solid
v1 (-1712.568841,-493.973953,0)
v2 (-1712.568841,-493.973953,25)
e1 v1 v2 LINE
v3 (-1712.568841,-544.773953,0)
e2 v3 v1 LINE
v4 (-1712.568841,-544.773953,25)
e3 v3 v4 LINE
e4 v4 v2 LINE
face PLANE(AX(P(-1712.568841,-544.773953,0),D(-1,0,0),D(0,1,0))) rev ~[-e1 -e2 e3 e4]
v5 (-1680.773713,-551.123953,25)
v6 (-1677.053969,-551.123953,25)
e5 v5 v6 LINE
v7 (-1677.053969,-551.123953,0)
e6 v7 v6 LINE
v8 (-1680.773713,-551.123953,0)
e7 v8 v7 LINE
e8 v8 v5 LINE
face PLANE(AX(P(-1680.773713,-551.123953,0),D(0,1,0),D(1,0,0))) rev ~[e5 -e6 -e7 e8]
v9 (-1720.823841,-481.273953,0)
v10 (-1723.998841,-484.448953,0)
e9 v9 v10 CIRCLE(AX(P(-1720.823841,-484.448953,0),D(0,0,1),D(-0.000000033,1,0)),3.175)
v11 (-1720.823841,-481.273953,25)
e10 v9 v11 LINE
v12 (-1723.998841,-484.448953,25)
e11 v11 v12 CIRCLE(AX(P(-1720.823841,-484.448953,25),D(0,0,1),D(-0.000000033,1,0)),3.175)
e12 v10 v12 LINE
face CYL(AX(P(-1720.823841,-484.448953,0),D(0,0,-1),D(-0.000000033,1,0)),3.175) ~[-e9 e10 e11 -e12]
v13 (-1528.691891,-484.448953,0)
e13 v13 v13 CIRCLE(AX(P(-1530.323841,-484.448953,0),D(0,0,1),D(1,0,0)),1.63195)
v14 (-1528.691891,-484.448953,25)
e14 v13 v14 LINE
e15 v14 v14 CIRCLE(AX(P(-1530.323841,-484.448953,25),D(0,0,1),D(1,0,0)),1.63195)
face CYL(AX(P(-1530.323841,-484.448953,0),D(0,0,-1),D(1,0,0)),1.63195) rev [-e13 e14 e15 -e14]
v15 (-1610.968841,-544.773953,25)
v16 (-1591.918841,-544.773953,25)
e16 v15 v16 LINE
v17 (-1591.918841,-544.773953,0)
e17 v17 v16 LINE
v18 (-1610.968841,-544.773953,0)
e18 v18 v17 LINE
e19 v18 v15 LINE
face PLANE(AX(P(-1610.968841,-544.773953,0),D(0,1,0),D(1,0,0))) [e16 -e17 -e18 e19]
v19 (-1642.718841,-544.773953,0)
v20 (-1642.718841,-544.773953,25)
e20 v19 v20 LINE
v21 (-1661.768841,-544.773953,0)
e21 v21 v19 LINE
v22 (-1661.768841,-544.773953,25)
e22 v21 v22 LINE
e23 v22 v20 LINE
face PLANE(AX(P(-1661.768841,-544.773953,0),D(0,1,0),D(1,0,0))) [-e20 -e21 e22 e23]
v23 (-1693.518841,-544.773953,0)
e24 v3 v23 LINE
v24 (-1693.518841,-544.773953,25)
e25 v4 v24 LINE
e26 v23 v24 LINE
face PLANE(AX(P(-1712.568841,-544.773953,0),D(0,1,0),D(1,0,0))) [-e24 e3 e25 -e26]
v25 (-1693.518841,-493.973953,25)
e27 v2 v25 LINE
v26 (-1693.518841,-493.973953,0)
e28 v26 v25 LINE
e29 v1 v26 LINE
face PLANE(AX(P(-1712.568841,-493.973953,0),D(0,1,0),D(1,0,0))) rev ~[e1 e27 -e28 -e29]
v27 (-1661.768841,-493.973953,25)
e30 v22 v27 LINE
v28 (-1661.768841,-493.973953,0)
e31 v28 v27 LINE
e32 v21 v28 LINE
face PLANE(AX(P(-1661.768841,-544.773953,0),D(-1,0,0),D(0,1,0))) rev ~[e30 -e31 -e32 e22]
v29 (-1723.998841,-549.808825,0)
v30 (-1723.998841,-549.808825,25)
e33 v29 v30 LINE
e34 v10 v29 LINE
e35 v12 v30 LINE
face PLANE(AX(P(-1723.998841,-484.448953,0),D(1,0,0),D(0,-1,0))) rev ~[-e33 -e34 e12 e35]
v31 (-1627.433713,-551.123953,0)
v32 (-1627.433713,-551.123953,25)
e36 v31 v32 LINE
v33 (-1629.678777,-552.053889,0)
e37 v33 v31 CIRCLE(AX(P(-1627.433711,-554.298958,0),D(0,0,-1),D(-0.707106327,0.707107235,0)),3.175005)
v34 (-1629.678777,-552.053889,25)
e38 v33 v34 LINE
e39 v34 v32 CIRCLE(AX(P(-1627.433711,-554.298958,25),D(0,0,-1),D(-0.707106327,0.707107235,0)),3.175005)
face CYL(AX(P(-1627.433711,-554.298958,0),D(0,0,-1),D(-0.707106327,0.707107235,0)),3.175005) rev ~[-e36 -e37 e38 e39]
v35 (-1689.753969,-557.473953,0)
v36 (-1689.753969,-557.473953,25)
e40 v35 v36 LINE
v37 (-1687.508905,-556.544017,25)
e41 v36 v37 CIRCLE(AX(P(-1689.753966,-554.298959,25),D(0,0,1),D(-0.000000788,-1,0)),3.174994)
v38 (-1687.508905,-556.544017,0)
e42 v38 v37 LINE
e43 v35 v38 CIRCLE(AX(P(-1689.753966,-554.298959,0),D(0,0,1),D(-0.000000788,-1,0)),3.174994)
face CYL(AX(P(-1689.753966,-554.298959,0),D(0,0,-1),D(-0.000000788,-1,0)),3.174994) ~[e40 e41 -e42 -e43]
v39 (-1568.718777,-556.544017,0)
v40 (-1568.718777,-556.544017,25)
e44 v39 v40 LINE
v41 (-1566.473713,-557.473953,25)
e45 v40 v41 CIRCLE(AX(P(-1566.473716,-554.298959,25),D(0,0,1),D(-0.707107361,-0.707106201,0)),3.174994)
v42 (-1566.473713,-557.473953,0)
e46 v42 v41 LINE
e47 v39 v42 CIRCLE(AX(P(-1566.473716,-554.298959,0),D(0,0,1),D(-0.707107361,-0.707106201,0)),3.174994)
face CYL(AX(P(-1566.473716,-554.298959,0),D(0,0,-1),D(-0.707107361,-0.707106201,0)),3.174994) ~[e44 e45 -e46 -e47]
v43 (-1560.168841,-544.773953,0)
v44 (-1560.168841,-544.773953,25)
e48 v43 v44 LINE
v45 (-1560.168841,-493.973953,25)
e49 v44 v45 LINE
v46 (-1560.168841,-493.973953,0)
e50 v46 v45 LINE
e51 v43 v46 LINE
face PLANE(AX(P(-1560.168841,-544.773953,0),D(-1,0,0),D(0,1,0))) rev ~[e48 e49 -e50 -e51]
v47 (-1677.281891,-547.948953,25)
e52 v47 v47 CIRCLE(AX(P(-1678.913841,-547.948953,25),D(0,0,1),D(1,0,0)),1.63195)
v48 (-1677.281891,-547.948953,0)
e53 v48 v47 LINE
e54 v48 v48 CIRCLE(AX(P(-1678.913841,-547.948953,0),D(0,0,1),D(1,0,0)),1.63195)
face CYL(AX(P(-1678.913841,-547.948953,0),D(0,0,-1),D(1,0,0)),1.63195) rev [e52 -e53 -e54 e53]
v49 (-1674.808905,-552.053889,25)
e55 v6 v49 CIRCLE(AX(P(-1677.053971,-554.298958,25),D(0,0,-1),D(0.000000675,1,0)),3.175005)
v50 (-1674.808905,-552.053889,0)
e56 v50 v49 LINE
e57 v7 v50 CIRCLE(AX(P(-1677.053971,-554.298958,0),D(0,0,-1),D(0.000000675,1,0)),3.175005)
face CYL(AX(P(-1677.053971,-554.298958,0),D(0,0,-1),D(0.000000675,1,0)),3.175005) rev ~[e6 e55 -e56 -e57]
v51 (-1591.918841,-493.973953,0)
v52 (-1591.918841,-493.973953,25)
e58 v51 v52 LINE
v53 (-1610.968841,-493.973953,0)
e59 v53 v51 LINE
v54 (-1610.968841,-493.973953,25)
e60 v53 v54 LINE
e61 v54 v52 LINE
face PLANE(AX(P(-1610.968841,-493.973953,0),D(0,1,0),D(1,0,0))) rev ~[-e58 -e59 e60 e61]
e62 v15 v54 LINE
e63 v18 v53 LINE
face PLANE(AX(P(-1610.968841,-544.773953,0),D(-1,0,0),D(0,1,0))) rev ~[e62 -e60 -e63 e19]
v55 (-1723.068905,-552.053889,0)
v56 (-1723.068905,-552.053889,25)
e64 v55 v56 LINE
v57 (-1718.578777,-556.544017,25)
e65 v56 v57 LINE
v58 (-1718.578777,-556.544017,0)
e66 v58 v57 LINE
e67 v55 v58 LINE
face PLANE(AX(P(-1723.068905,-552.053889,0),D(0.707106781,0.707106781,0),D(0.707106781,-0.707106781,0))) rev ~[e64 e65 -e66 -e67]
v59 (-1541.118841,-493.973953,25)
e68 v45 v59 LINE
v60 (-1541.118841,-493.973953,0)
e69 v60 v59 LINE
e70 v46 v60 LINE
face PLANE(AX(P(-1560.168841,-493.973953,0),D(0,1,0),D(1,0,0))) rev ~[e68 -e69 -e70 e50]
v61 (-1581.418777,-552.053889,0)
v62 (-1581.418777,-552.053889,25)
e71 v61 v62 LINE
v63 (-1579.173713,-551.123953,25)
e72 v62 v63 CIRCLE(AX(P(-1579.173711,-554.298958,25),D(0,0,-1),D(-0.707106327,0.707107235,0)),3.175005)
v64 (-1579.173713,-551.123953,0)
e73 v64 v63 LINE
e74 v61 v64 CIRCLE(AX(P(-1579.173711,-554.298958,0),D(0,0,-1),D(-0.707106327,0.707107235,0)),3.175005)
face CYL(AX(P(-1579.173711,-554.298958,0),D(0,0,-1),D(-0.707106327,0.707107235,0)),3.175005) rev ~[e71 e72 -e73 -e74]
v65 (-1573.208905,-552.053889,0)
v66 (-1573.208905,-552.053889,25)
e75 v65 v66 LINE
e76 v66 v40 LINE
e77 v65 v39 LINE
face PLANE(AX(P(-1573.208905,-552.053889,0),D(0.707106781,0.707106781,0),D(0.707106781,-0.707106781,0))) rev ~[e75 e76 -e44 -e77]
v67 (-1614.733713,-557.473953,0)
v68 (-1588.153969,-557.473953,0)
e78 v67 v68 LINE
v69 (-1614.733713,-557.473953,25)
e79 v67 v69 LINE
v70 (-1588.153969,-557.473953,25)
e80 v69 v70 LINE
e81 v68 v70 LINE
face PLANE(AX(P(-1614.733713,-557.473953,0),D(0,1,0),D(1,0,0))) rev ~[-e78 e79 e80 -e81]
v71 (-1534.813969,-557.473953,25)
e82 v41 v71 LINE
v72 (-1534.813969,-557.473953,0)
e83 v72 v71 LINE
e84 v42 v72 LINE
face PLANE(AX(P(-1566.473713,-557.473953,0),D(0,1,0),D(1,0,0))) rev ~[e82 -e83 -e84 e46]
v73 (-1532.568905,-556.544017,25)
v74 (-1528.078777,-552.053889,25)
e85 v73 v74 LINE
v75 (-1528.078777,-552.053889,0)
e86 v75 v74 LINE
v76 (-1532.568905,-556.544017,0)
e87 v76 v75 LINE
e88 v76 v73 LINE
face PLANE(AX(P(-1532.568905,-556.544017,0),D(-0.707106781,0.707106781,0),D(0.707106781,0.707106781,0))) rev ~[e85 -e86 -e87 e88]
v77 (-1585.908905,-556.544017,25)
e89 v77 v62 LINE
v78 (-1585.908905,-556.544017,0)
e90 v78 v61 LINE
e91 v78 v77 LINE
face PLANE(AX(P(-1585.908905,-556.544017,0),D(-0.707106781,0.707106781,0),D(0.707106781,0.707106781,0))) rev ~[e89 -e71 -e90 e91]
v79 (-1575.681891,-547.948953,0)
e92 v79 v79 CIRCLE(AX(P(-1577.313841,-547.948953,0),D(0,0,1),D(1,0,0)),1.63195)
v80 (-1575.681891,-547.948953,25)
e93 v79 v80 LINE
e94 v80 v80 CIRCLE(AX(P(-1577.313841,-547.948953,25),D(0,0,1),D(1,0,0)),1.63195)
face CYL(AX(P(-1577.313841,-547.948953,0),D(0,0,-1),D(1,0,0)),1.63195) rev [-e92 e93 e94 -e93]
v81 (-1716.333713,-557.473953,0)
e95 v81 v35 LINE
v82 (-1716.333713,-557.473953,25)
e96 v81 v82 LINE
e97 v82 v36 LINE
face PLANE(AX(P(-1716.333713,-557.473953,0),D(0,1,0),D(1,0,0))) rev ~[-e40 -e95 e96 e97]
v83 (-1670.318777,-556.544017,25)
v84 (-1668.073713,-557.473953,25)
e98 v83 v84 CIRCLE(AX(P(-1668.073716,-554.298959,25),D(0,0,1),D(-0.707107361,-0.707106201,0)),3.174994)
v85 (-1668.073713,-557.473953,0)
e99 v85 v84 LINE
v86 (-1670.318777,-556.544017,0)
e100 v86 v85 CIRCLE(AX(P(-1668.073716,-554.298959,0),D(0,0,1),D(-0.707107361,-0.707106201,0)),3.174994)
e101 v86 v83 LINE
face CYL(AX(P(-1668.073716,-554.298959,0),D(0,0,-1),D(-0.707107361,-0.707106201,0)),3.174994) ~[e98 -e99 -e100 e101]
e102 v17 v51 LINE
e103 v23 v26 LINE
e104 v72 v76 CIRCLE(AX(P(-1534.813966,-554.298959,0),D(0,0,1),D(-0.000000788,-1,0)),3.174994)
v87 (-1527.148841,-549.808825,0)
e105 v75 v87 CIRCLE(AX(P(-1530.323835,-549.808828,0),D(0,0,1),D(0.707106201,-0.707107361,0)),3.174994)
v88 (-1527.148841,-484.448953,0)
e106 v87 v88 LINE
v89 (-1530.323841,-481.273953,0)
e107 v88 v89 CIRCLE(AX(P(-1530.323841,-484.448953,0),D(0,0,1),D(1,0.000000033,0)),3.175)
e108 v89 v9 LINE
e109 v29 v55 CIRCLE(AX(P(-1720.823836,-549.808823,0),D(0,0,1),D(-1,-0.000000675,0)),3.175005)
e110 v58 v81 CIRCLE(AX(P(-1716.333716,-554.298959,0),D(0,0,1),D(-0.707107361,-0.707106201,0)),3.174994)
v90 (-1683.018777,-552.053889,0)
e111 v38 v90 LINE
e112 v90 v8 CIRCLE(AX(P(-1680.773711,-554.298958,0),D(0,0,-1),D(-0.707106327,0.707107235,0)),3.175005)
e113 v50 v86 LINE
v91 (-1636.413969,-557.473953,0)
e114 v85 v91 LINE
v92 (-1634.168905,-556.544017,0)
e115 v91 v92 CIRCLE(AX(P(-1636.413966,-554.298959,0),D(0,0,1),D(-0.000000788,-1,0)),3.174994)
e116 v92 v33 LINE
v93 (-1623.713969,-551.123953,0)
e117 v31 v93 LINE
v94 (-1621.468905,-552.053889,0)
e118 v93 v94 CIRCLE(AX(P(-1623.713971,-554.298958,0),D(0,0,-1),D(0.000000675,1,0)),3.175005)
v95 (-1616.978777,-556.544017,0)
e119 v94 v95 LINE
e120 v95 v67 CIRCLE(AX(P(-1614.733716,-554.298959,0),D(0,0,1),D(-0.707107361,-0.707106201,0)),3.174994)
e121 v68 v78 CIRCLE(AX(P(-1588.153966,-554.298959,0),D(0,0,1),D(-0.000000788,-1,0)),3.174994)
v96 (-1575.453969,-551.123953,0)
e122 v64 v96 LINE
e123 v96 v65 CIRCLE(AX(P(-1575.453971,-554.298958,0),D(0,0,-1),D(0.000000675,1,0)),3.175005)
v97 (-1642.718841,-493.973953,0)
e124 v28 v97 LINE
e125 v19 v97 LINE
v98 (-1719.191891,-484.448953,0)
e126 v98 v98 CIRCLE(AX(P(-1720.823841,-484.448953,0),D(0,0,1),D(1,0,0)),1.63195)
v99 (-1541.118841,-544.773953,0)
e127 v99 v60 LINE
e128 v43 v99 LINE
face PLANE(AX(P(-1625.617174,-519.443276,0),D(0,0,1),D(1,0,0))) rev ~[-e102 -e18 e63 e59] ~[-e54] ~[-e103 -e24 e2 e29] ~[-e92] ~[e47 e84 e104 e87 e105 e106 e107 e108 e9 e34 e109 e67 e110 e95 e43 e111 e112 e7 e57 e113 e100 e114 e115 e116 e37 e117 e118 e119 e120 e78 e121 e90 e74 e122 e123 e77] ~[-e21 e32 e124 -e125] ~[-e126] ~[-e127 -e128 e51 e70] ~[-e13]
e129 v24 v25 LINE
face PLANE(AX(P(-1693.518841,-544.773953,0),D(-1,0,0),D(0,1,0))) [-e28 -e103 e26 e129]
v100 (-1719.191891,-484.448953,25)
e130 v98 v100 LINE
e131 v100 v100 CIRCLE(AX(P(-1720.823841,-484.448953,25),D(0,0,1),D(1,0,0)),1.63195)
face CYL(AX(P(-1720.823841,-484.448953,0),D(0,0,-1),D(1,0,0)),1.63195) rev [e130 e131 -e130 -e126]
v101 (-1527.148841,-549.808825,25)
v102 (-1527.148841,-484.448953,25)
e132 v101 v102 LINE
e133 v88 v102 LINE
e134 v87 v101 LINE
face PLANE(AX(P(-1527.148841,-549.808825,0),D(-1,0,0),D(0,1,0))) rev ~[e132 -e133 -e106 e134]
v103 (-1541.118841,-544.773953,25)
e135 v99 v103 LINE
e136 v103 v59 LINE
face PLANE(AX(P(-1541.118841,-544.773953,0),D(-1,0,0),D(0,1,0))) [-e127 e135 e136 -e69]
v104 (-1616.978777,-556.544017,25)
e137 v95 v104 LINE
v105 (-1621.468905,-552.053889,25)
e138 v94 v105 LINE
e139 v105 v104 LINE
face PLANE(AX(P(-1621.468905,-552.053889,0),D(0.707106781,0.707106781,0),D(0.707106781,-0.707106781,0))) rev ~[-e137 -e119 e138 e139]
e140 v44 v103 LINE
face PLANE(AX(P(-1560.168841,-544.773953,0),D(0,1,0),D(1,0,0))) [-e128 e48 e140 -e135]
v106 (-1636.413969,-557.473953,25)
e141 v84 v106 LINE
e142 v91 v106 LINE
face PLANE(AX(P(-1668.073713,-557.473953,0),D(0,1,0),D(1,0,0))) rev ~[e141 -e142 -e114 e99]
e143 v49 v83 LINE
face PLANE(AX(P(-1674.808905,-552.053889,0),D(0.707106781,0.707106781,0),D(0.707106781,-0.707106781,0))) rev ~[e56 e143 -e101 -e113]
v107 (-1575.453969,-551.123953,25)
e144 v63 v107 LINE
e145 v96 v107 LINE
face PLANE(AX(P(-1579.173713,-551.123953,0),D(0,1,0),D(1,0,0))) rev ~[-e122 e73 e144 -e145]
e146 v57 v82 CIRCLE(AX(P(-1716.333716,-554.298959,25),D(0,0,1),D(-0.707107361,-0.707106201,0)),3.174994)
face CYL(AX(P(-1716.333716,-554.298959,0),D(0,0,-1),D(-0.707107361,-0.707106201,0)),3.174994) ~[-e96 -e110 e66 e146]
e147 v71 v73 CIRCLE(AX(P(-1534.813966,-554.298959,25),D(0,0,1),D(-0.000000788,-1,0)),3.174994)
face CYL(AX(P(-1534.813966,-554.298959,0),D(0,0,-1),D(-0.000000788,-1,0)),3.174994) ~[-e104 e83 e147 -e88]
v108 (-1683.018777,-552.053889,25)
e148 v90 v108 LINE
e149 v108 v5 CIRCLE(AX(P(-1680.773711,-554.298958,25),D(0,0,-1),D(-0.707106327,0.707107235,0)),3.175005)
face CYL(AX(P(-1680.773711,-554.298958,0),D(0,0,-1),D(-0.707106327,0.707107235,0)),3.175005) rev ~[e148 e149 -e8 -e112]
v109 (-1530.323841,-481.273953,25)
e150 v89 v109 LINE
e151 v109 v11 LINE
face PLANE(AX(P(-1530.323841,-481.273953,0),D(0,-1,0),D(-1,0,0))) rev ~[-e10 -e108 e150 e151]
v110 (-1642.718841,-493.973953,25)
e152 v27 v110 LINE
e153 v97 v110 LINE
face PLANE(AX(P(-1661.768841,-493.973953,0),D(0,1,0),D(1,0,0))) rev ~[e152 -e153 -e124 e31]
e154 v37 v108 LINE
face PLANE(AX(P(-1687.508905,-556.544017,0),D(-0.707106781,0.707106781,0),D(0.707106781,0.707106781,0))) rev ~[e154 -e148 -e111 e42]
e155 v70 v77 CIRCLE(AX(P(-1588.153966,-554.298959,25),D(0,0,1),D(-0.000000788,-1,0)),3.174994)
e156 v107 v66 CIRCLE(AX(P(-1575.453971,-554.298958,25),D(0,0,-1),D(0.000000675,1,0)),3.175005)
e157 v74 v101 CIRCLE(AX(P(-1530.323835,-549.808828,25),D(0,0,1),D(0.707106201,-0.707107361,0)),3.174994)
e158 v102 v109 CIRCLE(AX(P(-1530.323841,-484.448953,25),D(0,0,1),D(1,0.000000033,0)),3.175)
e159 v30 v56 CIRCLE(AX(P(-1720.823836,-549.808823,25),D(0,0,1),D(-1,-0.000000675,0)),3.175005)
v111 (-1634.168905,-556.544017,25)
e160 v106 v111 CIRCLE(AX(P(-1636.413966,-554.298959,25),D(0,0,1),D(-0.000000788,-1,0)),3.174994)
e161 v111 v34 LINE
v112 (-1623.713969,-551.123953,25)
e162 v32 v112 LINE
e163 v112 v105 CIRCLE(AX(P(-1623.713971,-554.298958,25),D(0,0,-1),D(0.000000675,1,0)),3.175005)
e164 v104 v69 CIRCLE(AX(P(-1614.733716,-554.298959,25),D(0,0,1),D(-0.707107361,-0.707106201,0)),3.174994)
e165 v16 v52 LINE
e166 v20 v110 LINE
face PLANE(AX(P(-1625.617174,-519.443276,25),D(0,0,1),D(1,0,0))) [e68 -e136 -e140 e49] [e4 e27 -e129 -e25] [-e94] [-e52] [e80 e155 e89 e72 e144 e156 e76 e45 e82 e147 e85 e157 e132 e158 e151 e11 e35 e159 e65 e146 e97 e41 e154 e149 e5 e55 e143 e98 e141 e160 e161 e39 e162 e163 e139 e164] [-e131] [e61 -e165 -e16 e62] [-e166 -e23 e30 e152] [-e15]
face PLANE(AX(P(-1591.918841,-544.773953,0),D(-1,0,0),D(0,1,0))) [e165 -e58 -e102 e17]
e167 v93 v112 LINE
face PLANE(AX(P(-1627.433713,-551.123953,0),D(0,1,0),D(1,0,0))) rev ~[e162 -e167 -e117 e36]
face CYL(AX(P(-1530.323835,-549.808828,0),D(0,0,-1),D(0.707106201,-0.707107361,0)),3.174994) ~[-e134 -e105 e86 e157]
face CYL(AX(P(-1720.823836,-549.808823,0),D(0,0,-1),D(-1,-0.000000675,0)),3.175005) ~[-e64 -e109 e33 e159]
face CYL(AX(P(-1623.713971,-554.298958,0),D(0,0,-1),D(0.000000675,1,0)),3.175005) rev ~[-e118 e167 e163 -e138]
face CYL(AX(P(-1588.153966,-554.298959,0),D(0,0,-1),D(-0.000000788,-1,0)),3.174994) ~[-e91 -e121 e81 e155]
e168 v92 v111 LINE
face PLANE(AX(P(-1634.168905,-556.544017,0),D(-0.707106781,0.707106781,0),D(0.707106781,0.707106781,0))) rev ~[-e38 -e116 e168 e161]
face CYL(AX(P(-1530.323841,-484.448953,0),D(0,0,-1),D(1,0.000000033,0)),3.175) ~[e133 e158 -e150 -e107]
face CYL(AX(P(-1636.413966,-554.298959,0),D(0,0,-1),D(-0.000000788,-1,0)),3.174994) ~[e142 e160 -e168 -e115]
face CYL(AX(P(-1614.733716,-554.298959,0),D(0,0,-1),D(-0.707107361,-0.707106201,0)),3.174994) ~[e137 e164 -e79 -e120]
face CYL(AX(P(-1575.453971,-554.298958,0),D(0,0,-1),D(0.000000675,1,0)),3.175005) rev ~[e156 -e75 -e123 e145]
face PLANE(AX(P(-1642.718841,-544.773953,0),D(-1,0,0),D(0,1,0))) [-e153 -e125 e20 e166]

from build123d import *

# Parameters (mm, degrees)
F0_R     = 1.63195
F0_W     = 19.05
F0_H     = 50.8
F1_DEPTH = 25


with BuildPart() as f1:
    # F0 (on Top) → F1 (new body)
    with BuildSketch(Plane.XY):
        with BuildLine():
            ThreePointArc((-1670.318777, -556.544017), (-1669.288733, -557.232271), (-1668.073713, -557.473953))
            Line((-1668.073713, -557.473953), (-1636.413969, -557.473953))
            ThreePointArc((-1636.413969, -557.473953), (-1635.198949, -557.232271), (-1634.168905, -556.544017))
            Line((-1634.168905, -556.544017), (-1629.678777, -552.053889))
            ThreePointArc((-1629.678777, -552.053889), (-1628.648733, -551.365636), (-1627.433713, -551.123953))
            Line((-1627.433713, -551.123953), (-1623.713969, -551.123953))
            ThreePointArc((-1623.713969, -551.123953), (-1622.498949, -551.365636), (-1621.468905, -552.053889))
            Line((-1621.468905, -552.053889), (-1616.978777, -556.544017))
            ThreePointArc((-1616.978777, -556.544017), (-1615.948733, -557.232271), (-1614.733713, -557.473953))
            Line((-1614.733713, -557.473953), (-1588.153969, -557.473953))
            ThreePointArc((-1588.153969, -557.473953), (-1586.938949, -557.232271), (-1585.908905, -556.544017))
            Line((-1585.908905, -556.544017), (-1581.418777, -552.053889))
            ThreePointArc((-1581.418777, -552.053889), (-1580.388733, -551.365636), (-1579.173713, -551.123953))
            Line((-1579.173713, -551.123953), (-1575.453969, -551.123953))
            ThreePointArc((-1575.453969, -551.123953), (-1574.238949, -551.365636), (-1573.208905, -552.053889))
            Line((-1573.208905, -552.053889), (-1568.718777, -556.544017))
            ThreePointArc((-1568.718777, -556.544017), (-1567.688733, -557.232271), (-1566.473713, -557.473953))
            Line((-1566.473713, -557.473953), (-1534.813969, -557.473953))
            ThreePointArc((-1534.813969, -557.473953), (-1533.598949, -557.232271), (-1532.568905, -556.544017))
            Line((-1532.568905, -556.544017), (-1528.078777, -552.053889))
            ThreePointArc((-1528.078777, -552.053889), (-1527.390523, -551.023845), (-1527.148841, -549.808825))
            Line((-1527.148841, -549.808825), (-1527.148841, -484.448953))
            ThreePointArc((-1527.148841, -484.448953), (-1528.078777, -482.203889), (-1530.323841, -481.273953))
            Line((-1530.323841, -481.273953), (-1720.823841, -481.273953))
            ThreePointArc((-1720.823841, -481.273953), (-1723.068905, -482.203889), (-1723.998841, -484.448953))
            Line((-1723.998841, -484.448953), (-1723.998841, -549.808825))
            ThreePointArc((-1723.998841, -549.808825), (-1723.757158, -551.023845), (-1723.068905, -552.053889))
            Line((-1723.068905, -552.053889), (-1718.578777, -556.544017))
            ThreePointArc((-1718.578777, -556.544017), (-1717.548733, -557.232271), (-1716.333713, -557.473953))
            Line((-1716.333713, -557.473953), (-1689.753969, -557.473953))
            ThreePointArc((-1689.753969, -557.473953), (-1688.538949, -557.232271), (-1687.508905, -556.544017))
            Line((-1687.508905, -556.544017), (-1683.018777, -552.053889))
            ThreePointArc((-1683.018777, -552.053889), (-1681.988733, -551.365636), (-1680.773713, -551.123953))
            Line((-1680.773713, -551.123953), (-1677.053969, -551.123953))
            ThreePointArc((-1677.053969, -551.123953), (-1675.838949, -551.365636), (-1674.808905, -552.053889))
            Line((-1674.808905, -552.053889), (-1670.318777, -556.544017))
        make_face()
        with Locations((-1678.913841, -547.948953)):
            Circle(F0_R, mode=Mode.SUBTRACT)
        with Locations((-1577.313841, -547.948953)):
            Circle(F0_R, mode=Mode.SUBTRACT)
        with Locations((-1703.043841, -519.373953)):
            Rectangle(F0_W, F0_H, mode=Mode.SUBTRACT)
        with Locations((-1652.243841, -519.373953)):
            Rectangle(F0_W, F0_H, mode=Mode.SUBTRACT)
        with Locations((-1720.823841, -484.448953)):
            Circle(F0_R, mode=Mode.SUBTRACT)
        with Locations((-1601.443841, -519.373953)):
            Rectangle(F0_W, F0_H, mode=Mode.SUBTRACT)
        with Locations((-1550.643841, -519.373953)):
            Rectangle(F0_W, F0_H, mode=Mode.SUBTRACT)
        with Locations((-1530.323841, -484.448953)):
            Circle(F0_R, mode=Mode.SUBTRACT)
    extrude(amount=F1_DEPTH)


solid = f1.part
